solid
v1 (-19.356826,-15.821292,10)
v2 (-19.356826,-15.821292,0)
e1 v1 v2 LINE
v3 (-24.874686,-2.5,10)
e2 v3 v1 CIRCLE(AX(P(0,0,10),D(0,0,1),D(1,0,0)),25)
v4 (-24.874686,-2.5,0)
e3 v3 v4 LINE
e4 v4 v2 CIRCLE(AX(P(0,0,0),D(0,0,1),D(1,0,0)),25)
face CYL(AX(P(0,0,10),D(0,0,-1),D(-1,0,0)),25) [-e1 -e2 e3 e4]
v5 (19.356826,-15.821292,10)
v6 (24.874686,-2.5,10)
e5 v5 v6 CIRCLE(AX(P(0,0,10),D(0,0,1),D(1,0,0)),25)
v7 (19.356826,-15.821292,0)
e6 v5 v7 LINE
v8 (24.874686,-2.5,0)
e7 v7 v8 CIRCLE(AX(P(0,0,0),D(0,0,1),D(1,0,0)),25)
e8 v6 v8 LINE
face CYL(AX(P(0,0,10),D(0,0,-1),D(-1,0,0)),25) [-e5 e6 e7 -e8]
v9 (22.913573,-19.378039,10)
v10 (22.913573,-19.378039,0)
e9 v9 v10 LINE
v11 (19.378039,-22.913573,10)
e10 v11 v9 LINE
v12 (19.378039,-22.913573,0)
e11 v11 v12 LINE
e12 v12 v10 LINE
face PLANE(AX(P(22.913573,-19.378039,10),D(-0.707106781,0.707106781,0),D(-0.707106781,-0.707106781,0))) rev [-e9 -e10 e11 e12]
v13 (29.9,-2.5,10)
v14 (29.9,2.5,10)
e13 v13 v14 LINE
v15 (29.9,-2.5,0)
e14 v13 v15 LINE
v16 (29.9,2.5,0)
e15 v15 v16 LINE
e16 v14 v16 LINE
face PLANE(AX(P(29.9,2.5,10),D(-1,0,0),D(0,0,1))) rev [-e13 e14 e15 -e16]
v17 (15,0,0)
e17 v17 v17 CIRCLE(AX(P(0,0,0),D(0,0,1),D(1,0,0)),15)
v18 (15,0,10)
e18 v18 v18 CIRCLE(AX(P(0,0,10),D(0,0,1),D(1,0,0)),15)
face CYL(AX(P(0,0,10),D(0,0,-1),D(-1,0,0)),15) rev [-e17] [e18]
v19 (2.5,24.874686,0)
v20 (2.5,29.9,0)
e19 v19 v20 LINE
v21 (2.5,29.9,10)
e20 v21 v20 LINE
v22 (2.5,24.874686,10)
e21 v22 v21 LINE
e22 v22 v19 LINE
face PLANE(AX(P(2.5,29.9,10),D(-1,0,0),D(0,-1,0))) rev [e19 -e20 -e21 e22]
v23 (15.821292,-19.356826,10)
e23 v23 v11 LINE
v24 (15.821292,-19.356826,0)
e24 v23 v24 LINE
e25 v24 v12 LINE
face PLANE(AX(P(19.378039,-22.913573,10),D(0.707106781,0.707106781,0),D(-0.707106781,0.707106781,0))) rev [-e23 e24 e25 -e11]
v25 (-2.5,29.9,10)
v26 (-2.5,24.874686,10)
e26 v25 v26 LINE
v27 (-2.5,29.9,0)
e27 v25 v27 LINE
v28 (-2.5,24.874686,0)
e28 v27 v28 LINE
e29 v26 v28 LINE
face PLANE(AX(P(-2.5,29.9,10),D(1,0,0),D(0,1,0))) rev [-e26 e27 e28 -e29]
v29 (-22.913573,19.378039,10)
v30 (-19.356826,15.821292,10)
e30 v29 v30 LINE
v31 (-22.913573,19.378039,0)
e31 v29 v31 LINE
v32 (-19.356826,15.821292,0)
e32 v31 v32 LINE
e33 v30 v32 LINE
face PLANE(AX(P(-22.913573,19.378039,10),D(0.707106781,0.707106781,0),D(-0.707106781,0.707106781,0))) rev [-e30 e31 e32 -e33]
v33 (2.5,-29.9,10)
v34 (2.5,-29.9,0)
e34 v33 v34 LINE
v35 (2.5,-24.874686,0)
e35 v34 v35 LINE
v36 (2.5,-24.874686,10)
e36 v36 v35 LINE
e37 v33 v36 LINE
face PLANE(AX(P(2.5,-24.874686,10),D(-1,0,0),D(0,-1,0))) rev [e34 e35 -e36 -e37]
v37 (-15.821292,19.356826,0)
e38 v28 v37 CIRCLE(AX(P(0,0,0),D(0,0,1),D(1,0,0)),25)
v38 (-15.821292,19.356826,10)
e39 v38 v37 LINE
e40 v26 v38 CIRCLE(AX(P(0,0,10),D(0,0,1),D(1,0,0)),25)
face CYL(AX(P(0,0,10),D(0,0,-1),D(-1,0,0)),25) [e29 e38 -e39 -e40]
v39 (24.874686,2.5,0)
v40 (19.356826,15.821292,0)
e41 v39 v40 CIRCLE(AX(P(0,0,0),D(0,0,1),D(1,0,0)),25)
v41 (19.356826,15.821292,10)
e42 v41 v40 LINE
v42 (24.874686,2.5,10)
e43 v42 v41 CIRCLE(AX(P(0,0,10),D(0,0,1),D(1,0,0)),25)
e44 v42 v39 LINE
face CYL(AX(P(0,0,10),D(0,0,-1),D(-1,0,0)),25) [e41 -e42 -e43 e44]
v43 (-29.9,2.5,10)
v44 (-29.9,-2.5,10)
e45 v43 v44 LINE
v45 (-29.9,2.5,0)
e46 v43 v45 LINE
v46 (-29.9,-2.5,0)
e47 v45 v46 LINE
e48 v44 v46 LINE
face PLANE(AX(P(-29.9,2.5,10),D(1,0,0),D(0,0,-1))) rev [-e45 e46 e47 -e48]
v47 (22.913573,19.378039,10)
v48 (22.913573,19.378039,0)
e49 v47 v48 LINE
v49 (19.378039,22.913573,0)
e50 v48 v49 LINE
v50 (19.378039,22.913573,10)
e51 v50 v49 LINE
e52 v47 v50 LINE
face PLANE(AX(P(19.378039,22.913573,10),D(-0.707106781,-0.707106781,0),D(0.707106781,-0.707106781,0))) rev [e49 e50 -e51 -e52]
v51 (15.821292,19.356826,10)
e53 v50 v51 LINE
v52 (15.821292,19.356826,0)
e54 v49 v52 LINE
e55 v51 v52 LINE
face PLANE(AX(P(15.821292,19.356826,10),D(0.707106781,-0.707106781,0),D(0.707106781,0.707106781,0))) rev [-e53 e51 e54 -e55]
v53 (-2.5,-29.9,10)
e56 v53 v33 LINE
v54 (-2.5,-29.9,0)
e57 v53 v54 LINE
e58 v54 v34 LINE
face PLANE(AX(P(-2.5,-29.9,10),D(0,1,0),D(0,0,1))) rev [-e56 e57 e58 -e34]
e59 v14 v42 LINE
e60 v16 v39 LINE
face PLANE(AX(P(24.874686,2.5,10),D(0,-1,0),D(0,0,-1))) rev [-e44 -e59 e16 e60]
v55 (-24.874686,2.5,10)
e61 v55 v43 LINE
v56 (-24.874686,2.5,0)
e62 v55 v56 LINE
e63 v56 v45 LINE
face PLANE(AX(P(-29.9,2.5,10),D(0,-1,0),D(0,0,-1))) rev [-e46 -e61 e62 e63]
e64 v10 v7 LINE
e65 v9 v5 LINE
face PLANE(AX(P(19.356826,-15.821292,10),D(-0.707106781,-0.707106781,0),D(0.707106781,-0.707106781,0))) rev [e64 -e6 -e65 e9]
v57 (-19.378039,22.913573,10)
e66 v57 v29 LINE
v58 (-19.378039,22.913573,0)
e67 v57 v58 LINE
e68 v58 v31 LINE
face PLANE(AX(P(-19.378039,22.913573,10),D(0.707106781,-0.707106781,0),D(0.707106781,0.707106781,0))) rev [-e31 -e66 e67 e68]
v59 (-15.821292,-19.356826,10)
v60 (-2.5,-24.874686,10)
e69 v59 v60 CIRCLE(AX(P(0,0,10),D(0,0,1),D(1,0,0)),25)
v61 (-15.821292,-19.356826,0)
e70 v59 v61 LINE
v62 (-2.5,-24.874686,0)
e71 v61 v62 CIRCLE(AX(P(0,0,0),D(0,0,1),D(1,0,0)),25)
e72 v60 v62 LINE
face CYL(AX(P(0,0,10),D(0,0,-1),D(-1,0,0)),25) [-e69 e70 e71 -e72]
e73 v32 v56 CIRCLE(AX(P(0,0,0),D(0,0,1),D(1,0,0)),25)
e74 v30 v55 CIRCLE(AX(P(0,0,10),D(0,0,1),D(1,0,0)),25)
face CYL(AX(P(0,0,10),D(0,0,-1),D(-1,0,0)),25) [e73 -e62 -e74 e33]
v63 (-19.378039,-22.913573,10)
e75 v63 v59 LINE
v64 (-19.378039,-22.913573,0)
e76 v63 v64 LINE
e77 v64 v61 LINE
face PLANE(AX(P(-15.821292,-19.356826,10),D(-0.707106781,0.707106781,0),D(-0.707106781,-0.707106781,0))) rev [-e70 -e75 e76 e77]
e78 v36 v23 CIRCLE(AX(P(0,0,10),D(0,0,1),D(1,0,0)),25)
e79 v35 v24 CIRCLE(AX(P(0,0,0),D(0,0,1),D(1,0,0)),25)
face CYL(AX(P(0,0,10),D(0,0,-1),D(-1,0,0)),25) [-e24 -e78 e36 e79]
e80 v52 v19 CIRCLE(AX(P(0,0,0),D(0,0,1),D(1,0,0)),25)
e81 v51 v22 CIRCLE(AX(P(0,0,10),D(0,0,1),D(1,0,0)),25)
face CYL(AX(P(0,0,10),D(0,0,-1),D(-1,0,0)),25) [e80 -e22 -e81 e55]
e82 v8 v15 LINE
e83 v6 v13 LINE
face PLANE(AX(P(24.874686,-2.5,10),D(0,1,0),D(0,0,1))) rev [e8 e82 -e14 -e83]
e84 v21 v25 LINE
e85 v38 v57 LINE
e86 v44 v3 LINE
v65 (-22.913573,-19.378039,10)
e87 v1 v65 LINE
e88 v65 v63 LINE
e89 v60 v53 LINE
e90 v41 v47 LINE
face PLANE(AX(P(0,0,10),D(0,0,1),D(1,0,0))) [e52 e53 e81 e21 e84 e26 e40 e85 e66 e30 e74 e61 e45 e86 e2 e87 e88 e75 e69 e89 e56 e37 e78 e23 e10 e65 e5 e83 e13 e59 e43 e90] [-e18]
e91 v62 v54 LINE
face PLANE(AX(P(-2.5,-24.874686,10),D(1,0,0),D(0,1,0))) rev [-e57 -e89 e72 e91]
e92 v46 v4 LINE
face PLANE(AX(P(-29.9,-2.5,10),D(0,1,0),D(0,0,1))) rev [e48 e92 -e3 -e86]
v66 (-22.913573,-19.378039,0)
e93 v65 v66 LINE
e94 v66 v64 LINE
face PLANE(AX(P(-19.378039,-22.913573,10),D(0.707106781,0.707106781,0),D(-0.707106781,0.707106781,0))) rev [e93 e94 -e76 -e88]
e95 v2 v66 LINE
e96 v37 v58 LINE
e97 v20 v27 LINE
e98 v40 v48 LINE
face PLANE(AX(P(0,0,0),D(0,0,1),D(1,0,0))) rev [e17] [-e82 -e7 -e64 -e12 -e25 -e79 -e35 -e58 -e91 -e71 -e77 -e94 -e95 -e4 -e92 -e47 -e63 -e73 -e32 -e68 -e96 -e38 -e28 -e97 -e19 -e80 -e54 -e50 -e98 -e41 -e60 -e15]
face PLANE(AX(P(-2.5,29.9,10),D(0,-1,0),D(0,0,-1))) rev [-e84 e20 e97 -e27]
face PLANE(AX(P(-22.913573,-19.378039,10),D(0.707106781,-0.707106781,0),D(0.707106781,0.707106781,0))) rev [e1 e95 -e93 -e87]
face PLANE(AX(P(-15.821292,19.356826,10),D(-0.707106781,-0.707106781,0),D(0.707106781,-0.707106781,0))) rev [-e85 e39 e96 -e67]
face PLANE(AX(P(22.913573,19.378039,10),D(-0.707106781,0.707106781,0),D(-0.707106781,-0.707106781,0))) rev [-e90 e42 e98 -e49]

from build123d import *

# Parameters (mm, degrees)
SKETCH1_R           = 15
BOSS_EXTRUDE1_DEPTH = 10


with BuildPart() as part:
    # Sketch1 → Boss-Extrude1 (new body)
    with BuildSketch(Plane.XY):
        with BuildLine():
            Line((22.913573162, 19.378039256), (19.356826052, 15.821292146))
            ThreePointArc((19.356826052, 15.821292146), (23.096988313, 9.567085809), (24.874685928, 2.5))
            Line((24.874685928, 2.5), (29.9, 2.5))
            Line((29.9, 2.5), (29.9, -2.5))
            Line((29.9, -2.5), (24.874685928, -2.5))
            ThreePointArc((24.874685928, -2.5), (23.096988313, -9.567085809), (19.356826052, -15.821292146))
            Line((19.356826052, -15.821292146), (22.913573162, -19.378039256))
            Line((22.913573162, -19.378039256), (19.378039256, -22.913573162))
            Line((19.378039256, -22.913573162), (15.821292146, -19.356826052))
            ThreePointArc((15.821292146, -19.356826052), (9.567085809, -23.096988313), (2.5, -24.874685928))
            Line((2.5, -24.874685928), (2.5, -29.9))
            Line((2.5, -29.9), (-2.5, -29.9))
            Line((-2.5, -29.9), (-2.5, -24.874685928))
            ThreePointArc((-2.5, -24.874685928), (-9.567085809, -23.096988313), (-15.821292146, -19.356826052))
            Line((-15.821292146, -19.356826052), (-19.378039256, -22.913573162))
            Line((-19.378039256, -22.913573162), (-22.913573162, -19.378039256))
            Line((-22.913573162, -19.378039256), (-19.356826052, -15.821292146))
            ThreePointArc((-19.356826052, -15.821292146), (-23.096988313, -9.567085809), (-24.874685928, -2.5))
            Line((-24.874685928, -2.5), (-29.9, -2.5))
            Line((-29.9, -2.5), (-29.9, 2.5))
            Line((-29.9, 2.5), (-24.874685928, 2.5))
            ThreePointArc((-24.874685928, 2.5), (-23.096988313, 9.567085809), (-19.356826052, 15.821292146))
            Line((-19.356826052, 15.821292146), (-22.913573162, 19.378039256))
            Line((-22.913573162, 19.378039256), (-19.378039256, 22.913573162))
            Line((-19.378039256, 22.913573162), (-15.821292146, 19.356826052))
            ThreePointArc((-15.821292146, 19.356826052), (-9.567085809, 23.096988313), (-2.5, 24.874685928))
            Line((-2.5, 24.874685928), (-2.5, 29.9))
            Line((-2.5, 29.9), (2.5, 29.9))
            Line((2.5, 29.9), (2.5, 24.874685928))
            ThreePointArc((2.5, 24.874685928), (9.567085809, 23.096988313), (15.821292146, 19.356826052))
            Line((15.821292146, 19.356826052), (19.378039256, 22.913573162))
            Line((19.378039256, 22.913573162), (22.913573162, 19.378039256))
        make_face()
        Circle(SKETCH1_R, mode=Mode.SUBTRACT)
    extrude(amount=BOSS_EXTRUDE1_DEPTH)


solid = part.part
